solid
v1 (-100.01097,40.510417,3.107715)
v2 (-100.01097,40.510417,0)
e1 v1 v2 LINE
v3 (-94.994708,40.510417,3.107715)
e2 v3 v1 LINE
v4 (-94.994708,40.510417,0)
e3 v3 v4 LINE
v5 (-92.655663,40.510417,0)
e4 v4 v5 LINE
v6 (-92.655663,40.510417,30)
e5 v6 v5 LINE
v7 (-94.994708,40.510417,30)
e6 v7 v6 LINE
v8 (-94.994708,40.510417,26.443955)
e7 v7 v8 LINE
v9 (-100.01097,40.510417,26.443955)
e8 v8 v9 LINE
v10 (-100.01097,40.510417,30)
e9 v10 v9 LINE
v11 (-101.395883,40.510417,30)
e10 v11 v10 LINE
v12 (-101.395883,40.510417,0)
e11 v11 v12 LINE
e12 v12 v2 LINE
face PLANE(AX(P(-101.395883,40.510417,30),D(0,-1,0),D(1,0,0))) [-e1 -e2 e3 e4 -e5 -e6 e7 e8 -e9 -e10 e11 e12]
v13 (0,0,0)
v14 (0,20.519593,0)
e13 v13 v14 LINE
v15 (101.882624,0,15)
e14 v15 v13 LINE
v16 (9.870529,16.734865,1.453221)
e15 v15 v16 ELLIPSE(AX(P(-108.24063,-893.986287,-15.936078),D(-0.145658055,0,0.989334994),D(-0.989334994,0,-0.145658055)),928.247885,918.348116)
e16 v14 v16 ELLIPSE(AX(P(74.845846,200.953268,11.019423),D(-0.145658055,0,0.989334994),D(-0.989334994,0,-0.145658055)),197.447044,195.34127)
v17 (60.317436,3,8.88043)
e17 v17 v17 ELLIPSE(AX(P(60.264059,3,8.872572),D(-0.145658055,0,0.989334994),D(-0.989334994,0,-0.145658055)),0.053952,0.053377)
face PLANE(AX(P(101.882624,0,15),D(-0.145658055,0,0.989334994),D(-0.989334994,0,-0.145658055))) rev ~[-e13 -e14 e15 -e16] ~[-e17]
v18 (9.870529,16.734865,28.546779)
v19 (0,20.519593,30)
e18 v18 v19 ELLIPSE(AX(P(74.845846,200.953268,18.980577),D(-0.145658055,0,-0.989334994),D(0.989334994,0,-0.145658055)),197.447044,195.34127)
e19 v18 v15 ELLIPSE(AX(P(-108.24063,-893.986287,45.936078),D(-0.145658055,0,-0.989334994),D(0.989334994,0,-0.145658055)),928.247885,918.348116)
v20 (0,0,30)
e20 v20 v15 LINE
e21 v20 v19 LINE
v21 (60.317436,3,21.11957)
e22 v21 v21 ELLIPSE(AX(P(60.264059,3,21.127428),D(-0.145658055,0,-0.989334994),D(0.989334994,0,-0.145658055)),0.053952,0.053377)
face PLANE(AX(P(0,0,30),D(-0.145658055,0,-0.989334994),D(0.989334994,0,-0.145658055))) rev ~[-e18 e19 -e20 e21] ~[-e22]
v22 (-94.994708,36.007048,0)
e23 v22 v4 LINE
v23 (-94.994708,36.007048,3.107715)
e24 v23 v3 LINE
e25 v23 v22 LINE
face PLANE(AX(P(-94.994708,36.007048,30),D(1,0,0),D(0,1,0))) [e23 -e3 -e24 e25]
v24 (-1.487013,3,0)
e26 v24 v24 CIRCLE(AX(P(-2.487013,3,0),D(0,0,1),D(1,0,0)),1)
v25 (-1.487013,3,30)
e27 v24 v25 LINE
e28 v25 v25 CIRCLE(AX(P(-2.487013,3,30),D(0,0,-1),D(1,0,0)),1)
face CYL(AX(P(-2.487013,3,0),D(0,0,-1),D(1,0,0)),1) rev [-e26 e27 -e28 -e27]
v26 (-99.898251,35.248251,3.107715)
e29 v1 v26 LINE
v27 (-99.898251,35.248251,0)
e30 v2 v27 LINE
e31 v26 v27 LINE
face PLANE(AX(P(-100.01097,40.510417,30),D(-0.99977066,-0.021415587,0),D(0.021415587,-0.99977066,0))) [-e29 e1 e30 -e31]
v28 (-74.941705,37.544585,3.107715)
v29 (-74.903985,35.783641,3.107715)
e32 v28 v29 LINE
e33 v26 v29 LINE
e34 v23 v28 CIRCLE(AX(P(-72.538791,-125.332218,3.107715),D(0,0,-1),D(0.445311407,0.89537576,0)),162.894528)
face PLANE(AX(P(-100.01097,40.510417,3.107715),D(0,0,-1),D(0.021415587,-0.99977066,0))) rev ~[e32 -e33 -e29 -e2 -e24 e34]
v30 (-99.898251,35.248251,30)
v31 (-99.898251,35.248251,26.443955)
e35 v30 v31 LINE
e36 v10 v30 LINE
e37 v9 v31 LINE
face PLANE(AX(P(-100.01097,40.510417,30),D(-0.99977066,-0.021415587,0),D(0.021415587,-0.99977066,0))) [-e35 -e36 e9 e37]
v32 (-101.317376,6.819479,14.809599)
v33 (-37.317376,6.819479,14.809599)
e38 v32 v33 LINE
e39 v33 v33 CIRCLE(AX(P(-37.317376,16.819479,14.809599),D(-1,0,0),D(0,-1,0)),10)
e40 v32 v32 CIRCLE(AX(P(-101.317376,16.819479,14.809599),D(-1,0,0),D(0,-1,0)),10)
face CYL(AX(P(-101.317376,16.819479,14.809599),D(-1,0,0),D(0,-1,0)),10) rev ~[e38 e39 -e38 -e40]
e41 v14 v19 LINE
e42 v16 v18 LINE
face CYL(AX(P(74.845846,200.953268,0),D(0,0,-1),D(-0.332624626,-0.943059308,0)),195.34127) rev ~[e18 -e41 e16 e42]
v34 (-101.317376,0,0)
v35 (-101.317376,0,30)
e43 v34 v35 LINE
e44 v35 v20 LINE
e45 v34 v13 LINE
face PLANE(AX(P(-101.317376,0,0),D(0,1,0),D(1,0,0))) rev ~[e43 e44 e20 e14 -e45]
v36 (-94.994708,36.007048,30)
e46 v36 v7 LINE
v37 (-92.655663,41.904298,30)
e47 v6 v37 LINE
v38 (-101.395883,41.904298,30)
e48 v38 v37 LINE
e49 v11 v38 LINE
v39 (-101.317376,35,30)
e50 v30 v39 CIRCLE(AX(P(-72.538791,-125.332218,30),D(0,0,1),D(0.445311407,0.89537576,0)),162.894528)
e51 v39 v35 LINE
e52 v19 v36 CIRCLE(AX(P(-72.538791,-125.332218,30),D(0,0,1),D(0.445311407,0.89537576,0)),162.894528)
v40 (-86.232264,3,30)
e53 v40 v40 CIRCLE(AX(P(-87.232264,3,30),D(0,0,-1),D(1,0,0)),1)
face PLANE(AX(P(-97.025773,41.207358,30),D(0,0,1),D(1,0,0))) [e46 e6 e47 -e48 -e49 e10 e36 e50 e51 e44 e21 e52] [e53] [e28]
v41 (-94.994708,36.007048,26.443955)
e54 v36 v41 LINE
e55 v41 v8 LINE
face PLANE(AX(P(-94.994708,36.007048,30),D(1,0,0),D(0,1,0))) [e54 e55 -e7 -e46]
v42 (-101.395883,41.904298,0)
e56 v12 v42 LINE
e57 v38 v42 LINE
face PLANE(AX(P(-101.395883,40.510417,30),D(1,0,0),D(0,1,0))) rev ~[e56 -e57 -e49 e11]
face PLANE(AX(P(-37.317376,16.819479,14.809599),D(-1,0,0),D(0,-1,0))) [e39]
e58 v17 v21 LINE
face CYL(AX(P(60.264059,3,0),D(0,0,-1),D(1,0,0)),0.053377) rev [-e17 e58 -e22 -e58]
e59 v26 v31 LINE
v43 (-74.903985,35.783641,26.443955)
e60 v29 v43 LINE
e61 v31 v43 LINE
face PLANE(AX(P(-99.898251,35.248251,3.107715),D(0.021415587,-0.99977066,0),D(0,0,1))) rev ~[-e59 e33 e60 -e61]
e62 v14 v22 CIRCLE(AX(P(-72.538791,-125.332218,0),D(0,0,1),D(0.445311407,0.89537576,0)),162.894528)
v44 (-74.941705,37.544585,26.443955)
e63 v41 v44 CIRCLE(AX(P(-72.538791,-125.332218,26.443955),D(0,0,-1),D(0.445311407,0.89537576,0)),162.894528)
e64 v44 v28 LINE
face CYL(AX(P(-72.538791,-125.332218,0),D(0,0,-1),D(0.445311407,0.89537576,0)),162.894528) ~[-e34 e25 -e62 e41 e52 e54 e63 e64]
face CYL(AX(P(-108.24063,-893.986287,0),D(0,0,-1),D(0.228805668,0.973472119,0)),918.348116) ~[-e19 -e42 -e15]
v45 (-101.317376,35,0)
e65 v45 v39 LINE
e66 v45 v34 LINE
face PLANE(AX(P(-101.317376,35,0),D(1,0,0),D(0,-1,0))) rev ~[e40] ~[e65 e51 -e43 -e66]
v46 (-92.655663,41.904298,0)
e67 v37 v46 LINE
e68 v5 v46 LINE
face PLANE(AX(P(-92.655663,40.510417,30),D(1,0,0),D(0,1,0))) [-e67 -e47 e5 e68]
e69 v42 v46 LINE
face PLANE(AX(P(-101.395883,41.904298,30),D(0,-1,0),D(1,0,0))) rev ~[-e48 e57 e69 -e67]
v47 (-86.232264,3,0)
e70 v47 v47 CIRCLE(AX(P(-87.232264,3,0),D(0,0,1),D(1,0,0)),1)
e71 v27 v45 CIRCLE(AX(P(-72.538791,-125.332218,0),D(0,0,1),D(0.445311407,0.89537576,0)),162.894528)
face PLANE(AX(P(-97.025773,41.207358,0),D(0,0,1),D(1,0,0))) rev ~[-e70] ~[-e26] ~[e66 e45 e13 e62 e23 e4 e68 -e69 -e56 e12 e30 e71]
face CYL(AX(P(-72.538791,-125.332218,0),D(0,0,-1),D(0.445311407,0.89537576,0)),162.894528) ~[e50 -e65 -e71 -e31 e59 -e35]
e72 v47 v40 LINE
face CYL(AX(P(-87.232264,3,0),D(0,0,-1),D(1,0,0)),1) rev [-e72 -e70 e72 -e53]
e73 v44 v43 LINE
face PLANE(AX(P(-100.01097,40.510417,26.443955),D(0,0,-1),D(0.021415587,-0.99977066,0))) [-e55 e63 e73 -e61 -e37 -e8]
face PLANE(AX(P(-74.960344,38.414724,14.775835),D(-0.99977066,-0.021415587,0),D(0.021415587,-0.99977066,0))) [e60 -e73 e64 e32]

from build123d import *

# Parameters (mm, degrees)
F1_DEPTH  = 30
F2_R      = 1
F2_R_2    = 0.0533765033
F3_DEPTH  = 30.001
F4_R      = 10
F5_DEPTH  = 64
F8_DEPTH  = 30
F9_W      = 5.2633735355
F9_H      = 23.3362393919
F10_DEPTH = 25
F11_W     = 8.7402192639
F11_H     = 1.3938806951
F12_DEPTH = 30
F13_DEPTH = 41.9052980466


with BuildPart() as f1:
    # F0 (on Top) → F1 (new body)
    with BuildSketch(Plane.XY):
        with BuildLine():
            Line((-101.3173758984, 35), (-101.3173758984, 0))
            Line((-101.3173758984, 0), (101.8826241016, 0))
            ThreePointArc((101.8826241016, 0), (56.0897429361, 9.5394690074), (9.8705293288, 16.7348653069))
            ThreePointArc((9.8705293288, 16.7348653069), (4.9096577711, 18.5604467569), (0, 20.5195932071))
            ThreePointArc((0, 20.5195932071), (-49.491894157, 35.9236891605), (-101.3173758984, 35))
        make_face()
    extrude(amount=F1_DEPTH)

    # F2 (on Top) → F3 (cut, through all)
    with BuildSketch(Plane.XY):
        with Locations((-87.232263687, 3)):
            Circle(F2_R)
        with Locations((60.264059, 3)):
            Circle(F2_R_2)
        with Locations((-2.4870128836, 3)):
            Circle(F2_R)
    extrude(amount=F3_DEPTH, mode=Mode.SUBTRACT)

    # F4 (on face) → F5 (cut)
    with BuildSketch(Plane(origin=(-101.3173758984, 0, 0), x_dir=(0, -1, 0), z_dir=(-1, 0, 0))):
        with Locations((-16.8194788357, 14.8095988691)):
            Circle(F4_R)
    extrude(amount=-F5_DEPTH, mode=Mode.SUBTRACT)

    # F7 (on face) → F8 (join)
    with BuildSketch(Plane.XY.offset(30)):
        with BuildLine():
            Line((-100.0109697279, 40.5104173515), (-99.8982514965, 35.248250918))
            add(Edge.make_bspline(
                [(-99.8982514965, 35.248250918), (-99.1698783521, 35.2086363528), (-95.596989963, 35.7161657204), (-94.9947075015, 36.0070484152)],
                knots=[0, 0, 0, 0, 4.9619066248, 4.9619066248, 4.9619066248, 4.9619066248], degree=3))
            Line((-94.9947075015, 36.0070484152), (-94.9947075015, 40.5104173515))
            Line((-94.9947075015, 40.5104173515), (-100.0109697279, 40.5104173515))
        make_face()
    extrude(amount=-F8_DEPTH)

    # F9 (on face) → F10 (cut)
    with BuildSketch(Plane(origin=(-99.0977465794, -2.122723191, 0), x_dir=(0.0214155865, -0.99977066, 0), z_dir=(-0.99977066, -0.0214155865, 0))):
        with Locations((-40.0112335009, 14.7758348612)):
            Rectangle(F9_W, F9_H)
    extrude(amount=-F10_DEPTH, mode=Mode.SUBTRACT)

    # F11 (on face) → F12 (join)
    with BuildSketch(Plane.XY.offset(30)):
        with Locations((-97.0257730341, 41.2073576991)):
            Rectangle(F11_W, F11_H)
    extrude(amount=-F12_DEPTH)

    # F6 (on face) → F13 (cut, through all)
    with BuildSketch(Plane.XZ):
        Polygon((0, 30), (101.8826241016, 15), (101.8826241016, 30), align=None)
        Polygon((101.8826241016, 15), (0, 0), (101.8826241016, 0), align=None)
    extrude(amount=-F13_DEPTH, mode=Mode.SUBTRACT)


solid = f1.part
